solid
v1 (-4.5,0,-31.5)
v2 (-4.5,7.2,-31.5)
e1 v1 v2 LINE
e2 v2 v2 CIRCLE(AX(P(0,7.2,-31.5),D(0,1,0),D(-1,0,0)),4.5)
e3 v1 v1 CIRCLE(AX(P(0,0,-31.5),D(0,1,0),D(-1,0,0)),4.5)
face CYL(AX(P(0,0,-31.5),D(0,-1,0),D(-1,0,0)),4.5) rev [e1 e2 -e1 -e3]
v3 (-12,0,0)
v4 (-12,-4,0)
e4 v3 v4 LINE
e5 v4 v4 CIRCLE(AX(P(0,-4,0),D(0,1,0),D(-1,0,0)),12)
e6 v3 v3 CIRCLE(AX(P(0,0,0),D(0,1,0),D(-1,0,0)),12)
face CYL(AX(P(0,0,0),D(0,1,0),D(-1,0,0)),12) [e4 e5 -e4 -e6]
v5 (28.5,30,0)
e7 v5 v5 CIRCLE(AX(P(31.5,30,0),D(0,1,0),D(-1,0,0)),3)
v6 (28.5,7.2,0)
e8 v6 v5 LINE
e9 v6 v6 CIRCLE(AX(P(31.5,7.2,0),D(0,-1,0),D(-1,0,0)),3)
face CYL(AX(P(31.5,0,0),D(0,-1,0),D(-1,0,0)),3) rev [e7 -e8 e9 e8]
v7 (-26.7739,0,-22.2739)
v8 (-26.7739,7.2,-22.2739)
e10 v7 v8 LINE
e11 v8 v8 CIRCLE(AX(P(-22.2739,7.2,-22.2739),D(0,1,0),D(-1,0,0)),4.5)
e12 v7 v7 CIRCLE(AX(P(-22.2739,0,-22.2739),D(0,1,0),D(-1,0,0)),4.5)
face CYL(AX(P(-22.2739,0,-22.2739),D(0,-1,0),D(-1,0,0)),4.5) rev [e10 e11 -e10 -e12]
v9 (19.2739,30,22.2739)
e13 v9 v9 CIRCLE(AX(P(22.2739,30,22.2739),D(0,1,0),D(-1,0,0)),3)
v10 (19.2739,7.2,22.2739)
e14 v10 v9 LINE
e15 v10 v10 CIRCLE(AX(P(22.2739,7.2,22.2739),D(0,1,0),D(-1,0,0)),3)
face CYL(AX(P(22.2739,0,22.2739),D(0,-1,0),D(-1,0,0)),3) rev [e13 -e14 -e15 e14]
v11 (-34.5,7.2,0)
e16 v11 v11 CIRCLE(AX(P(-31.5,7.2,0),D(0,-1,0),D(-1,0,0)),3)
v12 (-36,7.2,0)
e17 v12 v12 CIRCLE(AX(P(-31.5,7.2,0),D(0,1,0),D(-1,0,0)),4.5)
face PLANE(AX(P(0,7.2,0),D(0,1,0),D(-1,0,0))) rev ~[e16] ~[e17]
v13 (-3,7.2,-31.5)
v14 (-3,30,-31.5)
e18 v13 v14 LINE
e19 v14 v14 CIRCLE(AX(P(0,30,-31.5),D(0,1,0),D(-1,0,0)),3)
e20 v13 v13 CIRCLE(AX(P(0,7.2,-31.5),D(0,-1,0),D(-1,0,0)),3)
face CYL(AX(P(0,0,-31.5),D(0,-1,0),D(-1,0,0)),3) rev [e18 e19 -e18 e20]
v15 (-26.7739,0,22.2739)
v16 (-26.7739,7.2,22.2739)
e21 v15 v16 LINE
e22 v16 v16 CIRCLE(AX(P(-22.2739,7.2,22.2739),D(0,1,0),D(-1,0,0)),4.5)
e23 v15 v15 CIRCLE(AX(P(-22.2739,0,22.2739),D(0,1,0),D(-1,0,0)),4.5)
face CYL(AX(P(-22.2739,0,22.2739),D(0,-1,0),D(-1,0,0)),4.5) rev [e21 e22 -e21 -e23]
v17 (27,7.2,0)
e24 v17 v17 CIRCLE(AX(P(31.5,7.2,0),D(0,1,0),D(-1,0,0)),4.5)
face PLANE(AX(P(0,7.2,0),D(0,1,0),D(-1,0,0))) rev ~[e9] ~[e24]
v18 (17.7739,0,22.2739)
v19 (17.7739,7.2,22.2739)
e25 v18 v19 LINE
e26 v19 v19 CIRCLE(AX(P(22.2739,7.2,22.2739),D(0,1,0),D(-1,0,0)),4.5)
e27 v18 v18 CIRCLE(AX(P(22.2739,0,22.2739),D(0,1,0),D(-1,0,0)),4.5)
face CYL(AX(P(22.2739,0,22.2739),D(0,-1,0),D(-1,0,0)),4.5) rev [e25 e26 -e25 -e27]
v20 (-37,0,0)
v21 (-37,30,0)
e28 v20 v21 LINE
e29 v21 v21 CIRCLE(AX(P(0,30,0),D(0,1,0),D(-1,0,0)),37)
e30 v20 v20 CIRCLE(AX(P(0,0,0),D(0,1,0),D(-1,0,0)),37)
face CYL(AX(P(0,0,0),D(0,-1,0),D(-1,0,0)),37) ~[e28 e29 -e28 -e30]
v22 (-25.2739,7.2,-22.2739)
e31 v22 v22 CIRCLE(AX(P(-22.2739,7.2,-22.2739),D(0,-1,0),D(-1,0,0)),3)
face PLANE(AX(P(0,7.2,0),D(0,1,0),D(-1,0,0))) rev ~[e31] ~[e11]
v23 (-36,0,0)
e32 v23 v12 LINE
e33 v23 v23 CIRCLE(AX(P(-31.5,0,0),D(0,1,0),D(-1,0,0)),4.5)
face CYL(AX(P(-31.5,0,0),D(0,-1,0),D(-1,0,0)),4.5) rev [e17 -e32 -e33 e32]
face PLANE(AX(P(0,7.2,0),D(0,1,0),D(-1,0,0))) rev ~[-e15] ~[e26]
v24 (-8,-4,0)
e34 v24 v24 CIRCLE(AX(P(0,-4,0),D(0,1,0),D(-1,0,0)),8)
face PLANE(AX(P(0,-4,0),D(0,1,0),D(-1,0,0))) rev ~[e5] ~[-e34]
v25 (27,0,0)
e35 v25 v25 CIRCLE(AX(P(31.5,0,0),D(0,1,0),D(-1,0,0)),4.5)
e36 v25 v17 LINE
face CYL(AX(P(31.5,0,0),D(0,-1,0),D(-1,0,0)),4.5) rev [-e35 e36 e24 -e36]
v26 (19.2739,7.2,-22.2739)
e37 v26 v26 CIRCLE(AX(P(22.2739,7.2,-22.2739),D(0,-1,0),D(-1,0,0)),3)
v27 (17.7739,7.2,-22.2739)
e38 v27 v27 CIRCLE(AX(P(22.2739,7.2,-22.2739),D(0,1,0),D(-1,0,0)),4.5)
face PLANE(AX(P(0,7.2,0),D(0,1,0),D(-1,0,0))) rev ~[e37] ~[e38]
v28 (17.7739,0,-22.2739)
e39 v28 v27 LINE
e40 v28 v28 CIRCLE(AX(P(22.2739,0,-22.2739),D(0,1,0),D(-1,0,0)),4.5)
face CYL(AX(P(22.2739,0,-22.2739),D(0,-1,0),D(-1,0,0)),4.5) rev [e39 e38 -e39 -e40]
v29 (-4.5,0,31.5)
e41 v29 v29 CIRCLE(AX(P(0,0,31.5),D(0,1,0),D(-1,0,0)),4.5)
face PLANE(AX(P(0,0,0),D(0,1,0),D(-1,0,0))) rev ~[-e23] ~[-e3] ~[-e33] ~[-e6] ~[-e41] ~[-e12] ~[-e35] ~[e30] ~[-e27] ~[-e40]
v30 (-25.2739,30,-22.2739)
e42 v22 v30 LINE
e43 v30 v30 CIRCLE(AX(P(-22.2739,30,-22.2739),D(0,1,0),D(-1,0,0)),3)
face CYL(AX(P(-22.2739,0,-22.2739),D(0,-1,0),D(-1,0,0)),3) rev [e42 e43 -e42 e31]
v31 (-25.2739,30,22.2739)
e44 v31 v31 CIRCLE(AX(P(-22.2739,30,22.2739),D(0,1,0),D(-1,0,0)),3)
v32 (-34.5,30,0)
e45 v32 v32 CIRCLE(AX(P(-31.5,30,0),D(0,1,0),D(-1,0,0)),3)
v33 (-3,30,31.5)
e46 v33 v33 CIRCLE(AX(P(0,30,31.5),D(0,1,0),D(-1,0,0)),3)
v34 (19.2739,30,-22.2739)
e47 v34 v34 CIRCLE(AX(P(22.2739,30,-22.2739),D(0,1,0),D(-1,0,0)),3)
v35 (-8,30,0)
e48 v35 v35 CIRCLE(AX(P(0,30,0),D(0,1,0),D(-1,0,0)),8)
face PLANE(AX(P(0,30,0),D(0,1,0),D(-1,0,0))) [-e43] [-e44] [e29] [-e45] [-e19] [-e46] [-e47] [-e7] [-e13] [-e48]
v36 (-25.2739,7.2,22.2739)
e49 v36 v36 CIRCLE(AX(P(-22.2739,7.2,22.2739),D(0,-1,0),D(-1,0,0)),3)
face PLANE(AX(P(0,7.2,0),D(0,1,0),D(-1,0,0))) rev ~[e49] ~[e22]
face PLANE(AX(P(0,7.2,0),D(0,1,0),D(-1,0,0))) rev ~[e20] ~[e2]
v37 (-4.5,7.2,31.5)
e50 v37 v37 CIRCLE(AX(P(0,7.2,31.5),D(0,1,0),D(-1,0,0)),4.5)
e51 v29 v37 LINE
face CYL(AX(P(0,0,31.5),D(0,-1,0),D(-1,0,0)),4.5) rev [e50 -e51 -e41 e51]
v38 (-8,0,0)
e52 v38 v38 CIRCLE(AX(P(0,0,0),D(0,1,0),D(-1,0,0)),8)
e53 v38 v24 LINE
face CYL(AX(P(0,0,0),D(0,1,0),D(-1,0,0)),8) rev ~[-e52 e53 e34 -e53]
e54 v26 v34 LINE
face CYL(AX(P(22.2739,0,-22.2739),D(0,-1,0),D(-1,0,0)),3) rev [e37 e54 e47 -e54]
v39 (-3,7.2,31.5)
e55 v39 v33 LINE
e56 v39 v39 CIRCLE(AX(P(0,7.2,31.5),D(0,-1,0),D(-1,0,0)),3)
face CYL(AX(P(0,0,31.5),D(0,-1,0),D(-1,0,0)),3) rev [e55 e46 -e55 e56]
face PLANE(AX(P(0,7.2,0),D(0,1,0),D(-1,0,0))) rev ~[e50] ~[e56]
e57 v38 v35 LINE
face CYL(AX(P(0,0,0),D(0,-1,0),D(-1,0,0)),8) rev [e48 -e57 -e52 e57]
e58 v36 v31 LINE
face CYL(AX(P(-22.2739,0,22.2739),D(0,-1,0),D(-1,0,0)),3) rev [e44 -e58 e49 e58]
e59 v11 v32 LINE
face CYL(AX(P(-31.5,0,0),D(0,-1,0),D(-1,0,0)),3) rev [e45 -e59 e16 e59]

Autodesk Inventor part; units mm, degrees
ref_plane "YZ Plane" through (0, 0, 0) normal (1, 0, 0) x (0, 1, 0)
ref_plane "XZ Plane" through (0, 0, 0) normal (0, 1, 0) x (-1, 0, 0)
ref_plane "XY Plane" through (0, 0, 0) normal (0, 0, 1) x (1, 0, 0)
sketch "Sketch1" plane through (0, 0, 0) normal (0, 1, 0) x (-1, 0, 0)
  circle A0 centre (0, 0) radius 37
  circle A1 centre (0, 0) radius 12
  circle A2 centre (0, 0) radius 8
  circle A3 centre (0, 0) radius 31.5 construction
  circle A4 centre (31.5, 0) radius 3
  circle A5 centre (31.5, 0) radius 4.5
  circle A6 centre (22.2739, 22.2739) radius 3
  circle A7 centre (22.2739, 22.2739) radius 4.5
  circle A8 centre (0, 31.5) radius 3
  circle A9 centre (0, 31.5) radius 4.5
  circle A10 centre (-22.2739, 22.2739) radius 3
  circle A11 centre (-22.2739, 22.2739) radius 4.5
  circle A12 centre (-31.5, 0) radius 3
  circle A13 centre (-31.5, 0) radius 4.5
  circle A14 centre (-22.2739, -22.2739) radius 3
  circle A15 centre (-22.2739, -22.2739) radius 4.5
  circle A16 centre (0, -31.5) radius 3
  circle A17 centre (0, -31.5) radius 4.5
  circle A18 centre (22.2739, -22.2739) radius 3
  circle A19 centre (22.2739, -22.2739) radius 4.5
  dimension "d3" = 63
  dimension "d0" = 74
  dimension "d1" = 24
  dimension "d2" = 16
  dimension "d4" = 6
  dimension "d5" = 9
  dimension "d8" = 360
extrude "Extrusion1" add sketch "Sketch1" along normal blind 30 contours A0 | A1 | A5 | A7 | A9 | A11 | A13 | A15 | A17 | A19
extrude "Extrusion2" cut sketch "Sketch1" along normal blind 7.2 contours A4 | A5 | A6 | A7 | A8 | A9 | A11 | A12 | A13 | A14 | A15 | A16 | A17 | A18 | A19
extrude "Extrusion3" add sketch "Sketch1" against normal blind 4 contours A1
properties part number "LoadCell" material "Stainless Steel"
